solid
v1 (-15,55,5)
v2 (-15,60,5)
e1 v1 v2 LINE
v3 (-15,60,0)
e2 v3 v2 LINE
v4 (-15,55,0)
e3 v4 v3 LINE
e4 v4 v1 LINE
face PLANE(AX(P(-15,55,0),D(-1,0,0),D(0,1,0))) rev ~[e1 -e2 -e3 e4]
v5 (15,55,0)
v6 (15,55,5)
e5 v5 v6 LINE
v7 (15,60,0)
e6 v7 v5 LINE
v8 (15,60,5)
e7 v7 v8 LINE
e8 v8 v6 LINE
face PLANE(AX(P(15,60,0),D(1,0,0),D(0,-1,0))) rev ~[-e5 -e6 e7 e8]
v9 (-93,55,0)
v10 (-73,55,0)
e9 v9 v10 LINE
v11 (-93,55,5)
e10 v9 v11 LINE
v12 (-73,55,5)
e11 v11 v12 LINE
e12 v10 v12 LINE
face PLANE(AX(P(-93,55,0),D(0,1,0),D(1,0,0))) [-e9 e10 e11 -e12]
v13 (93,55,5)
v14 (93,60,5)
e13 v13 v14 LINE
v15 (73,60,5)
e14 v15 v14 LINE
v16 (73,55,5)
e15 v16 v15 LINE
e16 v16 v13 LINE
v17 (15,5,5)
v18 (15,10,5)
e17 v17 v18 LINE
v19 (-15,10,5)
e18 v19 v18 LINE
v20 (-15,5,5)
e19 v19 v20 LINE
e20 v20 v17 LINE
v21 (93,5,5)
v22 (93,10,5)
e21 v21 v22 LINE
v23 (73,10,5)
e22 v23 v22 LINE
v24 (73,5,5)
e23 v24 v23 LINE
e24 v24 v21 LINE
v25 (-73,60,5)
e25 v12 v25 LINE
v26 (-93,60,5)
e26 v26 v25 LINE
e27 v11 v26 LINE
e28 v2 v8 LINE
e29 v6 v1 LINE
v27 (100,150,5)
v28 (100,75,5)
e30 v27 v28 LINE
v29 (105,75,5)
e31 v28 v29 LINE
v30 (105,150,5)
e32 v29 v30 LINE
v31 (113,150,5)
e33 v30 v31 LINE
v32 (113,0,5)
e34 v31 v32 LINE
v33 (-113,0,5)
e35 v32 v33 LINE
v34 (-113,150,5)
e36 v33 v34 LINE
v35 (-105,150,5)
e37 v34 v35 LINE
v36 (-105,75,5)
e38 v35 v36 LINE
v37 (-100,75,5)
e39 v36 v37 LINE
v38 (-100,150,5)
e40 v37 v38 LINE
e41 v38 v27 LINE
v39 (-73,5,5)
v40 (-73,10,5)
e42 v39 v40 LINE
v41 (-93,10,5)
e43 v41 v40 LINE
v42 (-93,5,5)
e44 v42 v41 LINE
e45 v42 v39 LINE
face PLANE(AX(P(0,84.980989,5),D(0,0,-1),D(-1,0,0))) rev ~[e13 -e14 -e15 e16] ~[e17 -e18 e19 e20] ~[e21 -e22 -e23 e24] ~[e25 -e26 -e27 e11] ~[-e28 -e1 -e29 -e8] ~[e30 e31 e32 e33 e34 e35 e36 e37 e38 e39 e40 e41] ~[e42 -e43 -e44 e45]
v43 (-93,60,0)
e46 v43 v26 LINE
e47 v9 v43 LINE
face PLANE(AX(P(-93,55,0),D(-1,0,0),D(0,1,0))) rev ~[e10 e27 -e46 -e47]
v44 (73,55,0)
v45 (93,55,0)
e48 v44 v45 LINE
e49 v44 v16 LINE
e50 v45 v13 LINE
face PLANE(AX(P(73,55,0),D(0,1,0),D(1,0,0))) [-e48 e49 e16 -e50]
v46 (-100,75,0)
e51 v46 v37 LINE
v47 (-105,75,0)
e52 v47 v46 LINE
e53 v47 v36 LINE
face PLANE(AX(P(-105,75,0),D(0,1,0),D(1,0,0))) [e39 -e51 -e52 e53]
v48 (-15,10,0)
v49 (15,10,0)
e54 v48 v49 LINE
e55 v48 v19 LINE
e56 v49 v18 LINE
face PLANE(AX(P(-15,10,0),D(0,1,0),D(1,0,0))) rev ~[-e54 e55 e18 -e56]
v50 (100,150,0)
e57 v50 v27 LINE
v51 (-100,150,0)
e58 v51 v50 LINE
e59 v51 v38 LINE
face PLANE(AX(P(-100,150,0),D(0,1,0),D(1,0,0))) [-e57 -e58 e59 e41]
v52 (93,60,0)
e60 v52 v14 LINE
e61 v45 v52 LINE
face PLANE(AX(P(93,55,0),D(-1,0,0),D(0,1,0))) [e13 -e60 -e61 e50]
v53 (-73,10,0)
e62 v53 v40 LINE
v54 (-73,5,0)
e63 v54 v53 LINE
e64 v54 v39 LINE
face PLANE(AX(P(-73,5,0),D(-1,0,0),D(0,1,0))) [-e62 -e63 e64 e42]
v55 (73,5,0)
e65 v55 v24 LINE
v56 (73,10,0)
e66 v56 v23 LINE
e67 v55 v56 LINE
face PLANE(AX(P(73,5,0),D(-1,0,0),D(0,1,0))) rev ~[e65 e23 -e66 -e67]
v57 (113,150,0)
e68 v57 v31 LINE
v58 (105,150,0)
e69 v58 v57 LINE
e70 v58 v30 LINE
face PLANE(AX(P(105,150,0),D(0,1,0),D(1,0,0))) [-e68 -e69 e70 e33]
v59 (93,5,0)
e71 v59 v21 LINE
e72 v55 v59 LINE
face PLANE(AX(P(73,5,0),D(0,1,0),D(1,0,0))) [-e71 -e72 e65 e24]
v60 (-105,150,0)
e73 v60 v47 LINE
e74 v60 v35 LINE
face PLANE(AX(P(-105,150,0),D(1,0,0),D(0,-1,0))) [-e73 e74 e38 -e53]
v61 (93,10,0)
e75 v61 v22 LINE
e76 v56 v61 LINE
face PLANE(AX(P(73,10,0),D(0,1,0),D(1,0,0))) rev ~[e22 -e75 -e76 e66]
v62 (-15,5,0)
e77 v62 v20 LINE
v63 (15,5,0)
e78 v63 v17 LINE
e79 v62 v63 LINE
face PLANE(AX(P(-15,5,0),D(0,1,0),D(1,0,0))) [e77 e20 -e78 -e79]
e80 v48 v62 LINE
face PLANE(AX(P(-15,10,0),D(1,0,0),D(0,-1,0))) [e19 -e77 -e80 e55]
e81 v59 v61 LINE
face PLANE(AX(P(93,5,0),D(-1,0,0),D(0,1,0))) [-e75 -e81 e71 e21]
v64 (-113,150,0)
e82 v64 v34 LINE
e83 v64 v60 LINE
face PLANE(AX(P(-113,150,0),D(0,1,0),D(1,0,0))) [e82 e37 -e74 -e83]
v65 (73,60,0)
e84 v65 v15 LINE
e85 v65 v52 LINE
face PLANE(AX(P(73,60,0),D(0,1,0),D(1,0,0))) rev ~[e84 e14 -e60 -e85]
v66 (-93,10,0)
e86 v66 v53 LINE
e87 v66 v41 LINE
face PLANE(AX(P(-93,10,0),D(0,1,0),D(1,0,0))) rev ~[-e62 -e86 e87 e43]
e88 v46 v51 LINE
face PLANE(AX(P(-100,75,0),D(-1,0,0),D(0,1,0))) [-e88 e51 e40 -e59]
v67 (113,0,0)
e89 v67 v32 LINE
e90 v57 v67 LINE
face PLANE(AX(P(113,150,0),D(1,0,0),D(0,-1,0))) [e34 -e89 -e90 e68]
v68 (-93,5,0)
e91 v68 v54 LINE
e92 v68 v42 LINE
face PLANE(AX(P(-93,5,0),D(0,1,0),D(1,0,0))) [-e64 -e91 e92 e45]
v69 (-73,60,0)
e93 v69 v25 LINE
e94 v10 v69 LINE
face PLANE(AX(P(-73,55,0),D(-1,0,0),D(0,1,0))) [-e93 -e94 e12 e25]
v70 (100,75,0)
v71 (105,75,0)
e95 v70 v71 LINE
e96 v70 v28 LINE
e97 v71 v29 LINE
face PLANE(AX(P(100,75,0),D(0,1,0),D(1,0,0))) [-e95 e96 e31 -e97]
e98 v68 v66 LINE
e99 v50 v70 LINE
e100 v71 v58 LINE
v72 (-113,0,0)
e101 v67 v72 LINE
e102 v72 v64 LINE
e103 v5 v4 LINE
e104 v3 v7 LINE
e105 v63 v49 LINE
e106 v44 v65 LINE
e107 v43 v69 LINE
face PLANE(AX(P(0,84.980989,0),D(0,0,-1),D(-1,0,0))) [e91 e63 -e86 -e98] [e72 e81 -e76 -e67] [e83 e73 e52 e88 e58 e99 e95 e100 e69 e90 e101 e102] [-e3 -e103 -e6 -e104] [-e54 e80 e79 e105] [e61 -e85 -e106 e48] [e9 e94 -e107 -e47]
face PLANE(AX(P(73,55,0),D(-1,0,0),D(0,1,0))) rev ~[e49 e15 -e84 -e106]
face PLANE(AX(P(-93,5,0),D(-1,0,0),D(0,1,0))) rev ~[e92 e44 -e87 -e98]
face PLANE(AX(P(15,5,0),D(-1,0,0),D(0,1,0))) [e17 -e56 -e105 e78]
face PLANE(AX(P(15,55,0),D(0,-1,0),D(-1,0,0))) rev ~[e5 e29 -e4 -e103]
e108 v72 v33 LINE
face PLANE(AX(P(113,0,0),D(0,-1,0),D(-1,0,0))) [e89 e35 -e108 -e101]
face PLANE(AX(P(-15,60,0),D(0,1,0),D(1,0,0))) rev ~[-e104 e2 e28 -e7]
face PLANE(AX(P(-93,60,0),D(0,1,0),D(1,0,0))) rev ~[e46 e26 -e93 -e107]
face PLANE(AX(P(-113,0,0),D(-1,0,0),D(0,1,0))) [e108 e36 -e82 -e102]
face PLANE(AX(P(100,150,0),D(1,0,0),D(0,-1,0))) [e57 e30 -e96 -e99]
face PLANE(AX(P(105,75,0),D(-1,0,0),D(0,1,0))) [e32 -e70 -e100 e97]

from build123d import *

# Parameters (mm, degrees)
ESQUISSE1_W        = 20
ESQUISSE1_H        = 5
BOSS_EXTRU_1_DEPTH = 5


with BuildPart() as part:
    # Esquisse1 → Boss.-Extru.1 (new body)
    with BuildSketch(Plane.XY):
        Polygon((-100, 150), (100, 150), (100, 75), (105, 75), (105, 150), (113, 150), (113, 0), (-113, 0), (-113, 150), (-105, 150), (-105, 75), (-100, 75), align=None)
        with Locations((83, 7.5)):
            Rectangle(ESQUISSE1_W, ESQUISSE1_H, mode=Mode.SUBTRACT)
        with Locations((83, 57.5)):
            Rectangle(ESQUISSE1_W, ESQUISSE1_H, mode=Mode.SUBTRACT)
        Polygon((-15, 5), (15, 5), (15, 10), (0, 10), (-15, 10), align=None, mode=Mode.SUBTRACT)
        Polygon((-15, 60), (0, 60), (15, 60), (15, 55), (-15, 55), align=None, mode=Mode.SUBTRACT)
        with Locations((-83, 7.5)):
            Rectangle(ESQUISSE1_W, ESQUISSE1_H, mode=Mode.SUBTRACT)
        with Locations((-83, 57.5)):
            Rectangle(ESQUISSE1_W, ESQUISSE1_H, mode=Mode.SUBTRACT)
    extrude(amount=BOSS_EXTRU_1_DEPTH)


solid = part.part
